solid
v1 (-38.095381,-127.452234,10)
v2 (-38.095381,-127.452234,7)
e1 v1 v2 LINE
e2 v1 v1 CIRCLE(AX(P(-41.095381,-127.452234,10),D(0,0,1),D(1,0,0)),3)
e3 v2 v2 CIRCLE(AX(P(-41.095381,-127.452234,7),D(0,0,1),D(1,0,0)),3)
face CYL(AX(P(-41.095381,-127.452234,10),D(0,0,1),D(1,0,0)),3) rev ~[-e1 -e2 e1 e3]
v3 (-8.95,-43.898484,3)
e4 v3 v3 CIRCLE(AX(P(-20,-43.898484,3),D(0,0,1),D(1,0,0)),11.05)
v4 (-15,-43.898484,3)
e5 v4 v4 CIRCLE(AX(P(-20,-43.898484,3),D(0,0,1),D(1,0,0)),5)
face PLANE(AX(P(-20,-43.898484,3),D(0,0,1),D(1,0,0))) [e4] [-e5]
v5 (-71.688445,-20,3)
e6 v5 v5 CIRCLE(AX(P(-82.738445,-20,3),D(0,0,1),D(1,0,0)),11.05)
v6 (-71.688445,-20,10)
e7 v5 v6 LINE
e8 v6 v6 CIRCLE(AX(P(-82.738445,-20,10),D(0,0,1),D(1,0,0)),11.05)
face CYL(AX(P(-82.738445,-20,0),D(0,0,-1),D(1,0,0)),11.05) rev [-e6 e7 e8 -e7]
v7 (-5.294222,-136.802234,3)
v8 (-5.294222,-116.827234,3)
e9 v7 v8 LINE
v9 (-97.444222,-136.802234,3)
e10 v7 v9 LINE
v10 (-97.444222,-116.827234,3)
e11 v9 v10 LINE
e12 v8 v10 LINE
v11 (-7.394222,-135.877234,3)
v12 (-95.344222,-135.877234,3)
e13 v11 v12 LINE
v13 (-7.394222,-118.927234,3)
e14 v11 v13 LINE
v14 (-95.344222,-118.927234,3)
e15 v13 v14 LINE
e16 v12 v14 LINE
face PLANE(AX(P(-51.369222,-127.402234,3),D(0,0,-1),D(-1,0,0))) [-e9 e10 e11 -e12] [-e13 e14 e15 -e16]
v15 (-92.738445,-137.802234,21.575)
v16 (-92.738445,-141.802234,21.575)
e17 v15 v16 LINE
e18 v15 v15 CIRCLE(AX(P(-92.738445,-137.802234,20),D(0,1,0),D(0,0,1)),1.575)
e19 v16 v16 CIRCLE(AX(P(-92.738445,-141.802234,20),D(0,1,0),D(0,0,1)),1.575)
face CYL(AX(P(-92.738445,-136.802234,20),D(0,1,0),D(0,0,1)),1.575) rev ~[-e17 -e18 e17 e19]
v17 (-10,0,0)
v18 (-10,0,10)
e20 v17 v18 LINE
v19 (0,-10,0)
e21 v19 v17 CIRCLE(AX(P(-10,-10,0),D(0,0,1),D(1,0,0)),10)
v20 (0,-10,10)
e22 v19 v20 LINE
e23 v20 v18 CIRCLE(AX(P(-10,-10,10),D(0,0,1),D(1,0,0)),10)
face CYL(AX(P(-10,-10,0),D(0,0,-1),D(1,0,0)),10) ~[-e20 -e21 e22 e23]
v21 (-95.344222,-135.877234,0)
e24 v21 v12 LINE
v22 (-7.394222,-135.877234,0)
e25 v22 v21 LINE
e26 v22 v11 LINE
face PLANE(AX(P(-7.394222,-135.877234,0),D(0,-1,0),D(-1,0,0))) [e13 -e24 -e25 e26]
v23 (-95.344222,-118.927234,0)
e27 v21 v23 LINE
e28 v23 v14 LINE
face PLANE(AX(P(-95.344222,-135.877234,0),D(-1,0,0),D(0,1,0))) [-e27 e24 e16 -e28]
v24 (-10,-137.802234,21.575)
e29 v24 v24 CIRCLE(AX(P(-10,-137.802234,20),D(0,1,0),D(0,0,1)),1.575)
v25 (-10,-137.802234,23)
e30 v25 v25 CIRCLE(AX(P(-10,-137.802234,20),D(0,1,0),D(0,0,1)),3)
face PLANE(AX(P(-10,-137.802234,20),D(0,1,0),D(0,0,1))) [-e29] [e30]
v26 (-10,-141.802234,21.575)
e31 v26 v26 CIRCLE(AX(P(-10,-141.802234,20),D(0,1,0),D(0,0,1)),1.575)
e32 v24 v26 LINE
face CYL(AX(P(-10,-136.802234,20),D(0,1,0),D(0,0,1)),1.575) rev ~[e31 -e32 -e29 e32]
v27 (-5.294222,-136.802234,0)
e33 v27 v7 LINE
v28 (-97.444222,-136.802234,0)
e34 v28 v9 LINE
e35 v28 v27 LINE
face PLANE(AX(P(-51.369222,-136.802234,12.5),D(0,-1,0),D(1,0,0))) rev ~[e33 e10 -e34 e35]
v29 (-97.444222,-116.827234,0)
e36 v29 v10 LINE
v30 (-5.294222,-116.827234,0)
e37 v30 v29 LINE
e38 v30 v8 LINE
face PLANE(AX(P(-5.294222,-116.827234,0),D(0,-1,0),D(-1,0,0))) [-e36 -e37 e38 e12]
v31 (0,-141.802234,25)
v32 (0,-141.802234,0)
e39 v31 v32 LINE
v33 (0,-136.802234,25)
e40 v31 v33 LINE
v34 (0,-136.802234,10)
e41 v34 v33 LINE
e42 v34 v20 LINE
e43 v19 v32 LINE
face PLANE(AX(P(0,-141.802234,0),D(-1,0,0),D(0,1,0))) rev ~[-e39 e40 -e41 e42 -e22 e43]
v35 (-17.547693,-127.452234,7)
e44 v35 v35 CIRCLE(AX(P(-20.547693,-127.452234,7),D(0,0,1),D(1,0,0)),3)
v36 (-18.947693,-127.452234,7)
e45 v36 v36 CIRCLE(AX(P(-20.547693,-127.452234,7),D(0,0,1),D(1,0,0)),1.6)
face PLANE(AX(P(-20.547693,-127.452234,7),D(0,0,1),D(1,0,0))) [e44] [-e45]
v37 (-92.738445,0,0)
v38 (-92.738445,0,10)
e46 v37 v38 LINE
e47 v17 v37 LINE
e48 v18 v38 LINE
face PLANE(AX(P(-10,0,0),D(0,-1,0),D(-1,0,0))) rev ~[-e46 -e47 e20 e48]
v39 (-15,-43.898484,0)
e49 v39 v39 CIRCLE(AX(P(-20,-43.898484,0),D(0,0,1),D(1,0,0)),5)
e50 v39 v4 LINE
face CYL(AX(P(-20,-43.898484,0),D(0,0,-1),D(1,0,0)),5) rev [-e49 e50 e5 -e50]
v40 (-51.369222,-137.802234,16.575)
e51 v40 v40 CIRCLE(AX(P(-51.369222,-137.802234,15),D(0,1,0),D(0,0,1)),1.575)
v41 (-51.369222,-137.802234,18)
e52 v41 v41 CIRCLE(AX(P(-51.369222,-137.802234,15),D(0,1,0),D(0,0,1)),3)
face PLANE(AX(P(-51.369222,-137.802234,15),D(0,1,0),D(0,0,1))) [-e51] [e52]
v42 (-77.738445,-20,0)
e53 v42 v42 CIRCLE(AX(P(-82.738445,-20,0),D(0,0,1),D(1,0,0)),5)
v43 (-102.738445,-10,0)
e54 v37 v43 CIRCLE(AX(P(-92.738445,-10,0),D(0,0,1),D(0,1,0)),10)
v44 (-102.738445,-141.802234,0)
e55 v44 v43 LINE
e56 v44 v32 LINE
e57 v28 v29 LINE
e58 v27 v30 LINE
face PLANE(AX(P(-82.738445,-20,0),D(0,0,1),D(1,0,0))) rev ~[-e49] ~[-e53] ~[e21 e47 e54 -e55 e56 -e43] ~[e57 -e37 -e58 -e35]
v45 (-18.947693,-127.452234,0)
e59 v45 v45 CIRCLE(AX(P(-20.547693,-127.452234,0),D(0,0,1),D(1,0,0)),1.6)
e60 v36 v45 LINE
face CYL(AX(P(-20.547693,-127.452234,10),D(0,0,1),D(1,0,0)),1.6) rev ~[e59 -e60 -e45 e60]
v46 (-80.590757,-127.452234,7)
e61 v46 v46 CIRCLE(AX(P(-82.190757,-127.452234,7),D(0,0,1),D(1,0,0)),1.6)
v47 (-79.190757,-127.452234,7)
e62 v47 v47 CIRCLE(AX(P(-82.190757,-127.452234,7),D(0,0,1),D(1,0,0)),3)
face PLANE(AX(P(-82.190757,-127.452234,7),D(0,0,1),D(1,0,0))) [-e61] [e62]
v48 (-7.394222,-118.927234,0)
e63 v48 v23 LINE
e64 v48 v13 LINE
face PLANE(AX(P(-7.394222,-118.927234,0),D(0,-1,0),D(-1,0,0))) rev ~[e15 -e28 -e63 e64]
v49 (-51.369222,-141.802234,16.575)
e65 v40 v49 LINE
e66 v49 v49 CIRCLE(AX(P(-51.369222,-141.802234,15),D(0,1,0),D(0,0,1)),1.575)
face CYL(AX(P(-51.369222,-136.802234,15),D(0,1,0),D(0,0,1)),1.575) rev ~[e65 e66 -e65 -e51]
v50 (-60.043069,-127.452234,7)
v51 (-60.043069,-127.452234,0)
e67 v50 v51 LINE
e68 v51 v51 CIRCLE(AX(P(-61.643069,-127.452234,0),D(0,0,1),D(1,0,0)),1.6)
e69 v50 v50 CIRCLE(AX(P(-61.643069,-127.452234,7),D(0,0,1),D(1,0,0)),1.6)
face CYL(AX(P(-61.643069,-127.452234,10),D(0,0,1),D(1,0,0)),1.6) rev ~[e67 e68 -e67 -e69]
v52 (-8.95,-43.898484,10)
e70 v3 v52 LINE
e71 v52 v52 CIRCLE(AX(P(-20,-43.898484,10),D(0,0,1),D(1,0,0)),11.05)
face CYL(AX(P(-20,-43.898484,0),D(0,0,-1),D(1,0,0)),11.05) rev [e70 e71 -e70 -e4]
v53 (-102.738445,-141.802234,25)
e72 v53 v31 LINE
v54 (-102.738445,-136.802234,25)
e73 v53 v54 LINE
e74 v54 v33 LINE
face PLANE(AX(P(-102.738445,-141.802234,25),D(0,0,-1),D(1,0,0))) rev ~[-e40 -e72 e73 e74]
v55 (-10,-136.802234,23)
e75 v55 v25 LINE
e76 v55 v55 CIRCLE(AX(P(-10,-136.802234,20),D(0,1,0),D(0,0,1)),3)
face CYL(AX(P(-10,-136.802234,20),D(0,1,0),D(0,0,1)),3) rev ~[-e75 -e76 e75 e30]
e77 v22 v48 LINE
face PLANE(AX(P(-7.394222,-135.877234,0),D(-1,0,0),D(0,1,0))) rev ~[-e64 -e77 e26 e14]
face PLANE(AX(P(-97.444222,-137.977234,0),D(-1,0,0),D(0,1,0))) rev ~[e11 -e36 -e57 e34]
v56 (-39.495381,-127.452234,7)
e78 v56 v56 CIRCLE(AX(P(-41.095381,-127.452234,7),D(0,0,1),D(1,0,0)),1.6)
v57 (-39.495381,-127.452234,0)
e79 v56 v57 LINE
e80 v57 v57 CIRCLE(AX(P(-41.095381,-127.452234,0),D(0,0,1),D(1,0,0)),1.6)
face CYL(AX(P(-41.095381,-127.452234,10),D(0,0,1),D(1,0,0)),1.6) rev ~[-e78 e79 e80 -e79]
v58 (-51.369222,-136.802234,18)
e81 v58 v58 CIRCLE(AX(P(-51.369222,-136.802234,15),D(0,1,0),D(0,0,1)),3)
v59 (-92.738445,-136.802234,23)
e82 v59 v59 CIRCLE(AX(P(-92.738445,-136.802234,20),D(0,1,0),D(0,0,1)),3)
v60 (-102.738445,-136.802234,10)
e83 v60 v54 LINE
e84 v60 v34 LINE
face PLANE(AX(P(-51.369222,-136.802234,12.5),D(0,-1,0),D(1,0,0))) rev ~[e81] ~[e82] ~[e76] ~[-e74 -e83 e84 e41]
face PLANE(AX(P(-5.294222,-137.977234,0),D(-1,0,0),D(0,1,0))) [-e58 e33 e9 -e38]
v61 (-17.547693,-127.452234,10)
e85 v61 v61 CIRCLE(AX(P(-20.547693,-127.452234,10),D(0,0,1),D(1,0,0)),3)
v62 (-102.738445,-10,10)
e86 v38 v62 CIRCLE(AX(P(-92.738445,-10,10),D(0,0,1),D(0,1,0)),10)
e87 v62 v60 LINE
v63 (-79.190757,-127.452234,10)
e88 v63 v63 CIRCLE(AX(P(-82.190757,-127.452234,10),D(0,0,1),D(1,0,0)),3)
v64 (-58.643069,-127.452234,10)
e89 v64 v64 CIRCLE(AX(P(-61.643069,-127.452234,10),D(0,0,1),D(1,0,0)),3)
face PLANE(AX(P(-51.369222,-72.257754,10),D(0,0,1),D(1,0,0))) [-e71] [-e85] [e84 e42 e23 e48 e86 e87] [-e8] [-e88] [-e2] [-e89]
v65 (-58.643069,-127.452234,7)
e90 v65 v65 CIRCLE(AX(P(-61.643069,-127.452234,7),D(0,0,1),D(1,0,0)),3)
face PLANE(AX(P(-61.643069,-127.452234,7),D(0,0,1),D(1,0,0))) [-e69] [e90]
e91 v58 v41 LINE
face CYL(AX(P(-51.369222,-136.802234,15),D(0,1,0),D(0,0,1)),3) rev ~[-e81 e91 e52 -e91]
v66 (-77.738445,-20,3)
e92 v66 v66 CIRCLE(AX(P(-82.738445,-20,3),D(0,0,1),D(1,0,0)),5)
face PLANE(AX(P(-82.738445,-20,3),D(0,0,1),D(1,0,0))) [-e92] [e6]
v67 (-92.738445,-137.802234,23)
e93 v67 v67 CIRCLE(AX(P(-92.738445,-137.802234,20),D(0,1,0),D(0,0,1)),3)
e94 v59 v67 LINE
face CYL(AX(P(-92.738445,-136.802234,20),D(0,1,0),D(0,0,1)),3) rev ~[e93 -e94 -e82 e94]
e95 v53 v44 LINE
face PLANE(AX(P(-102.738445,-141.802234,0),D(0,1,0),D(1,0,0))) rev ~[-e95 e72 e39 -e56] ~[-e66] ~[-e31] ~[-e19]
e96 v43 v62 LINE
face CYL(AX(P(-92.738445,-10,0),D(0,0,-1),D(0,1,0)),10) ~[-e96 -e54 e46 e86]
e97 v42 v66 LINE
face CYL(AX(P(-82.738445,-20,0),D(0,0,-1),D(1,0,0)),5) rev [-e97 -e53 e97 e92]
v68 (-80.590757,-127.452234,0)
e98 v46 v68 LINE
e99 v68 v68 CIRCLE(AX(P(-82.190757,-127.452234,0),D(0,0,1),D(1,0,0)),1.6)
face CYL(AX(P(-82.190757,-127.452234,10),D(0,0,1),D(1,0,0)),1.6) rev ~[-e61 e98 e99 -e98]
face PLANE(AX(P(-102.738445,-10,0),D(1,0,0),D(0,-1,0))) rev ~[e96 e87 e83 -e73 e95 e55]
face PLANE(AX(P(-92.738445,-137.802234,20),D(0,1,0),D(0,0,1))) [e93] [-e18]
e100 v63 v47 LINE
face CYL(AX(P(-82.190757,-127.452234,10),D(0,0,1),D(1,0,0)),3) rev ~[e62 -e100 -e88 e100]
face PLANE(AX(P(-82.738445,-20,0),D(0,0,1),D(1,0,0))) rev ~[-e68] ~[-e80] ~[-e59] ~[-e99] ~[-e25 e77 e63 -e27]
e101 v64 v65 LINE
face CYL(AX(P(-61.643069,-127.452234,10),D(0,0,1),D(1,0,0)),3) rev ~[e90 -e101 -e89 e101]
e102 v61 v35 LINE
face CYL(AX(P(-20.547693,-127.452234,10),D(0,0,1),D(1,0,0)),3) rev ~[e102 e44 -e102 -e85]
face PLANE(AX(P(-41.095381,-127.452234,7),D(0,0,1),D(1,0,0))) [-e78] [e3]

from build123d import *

# Parameters (mm, degrees)
SKETCH2_R           = 11.05
BOSS_EXTRUDE2_DEPTH = 10
SKETCH2_4_R         = 11.05
SKETCH2_4_R_2       = 5
BOSS_EXTRUDE3_DEPTH = 3
SKETCH4_R           = 1.6
CUT_EXTRUDE3_DEPTH  = 10
SKETCH4_5_R         = 3
SKETCH4_5_R_2       = 1.6
CUT_EXTRUDE4_DEPTH  = 3
SKETCH5_W           = 92.15
SKETCH5_H           = 21.15
SKETCH5_W_2         = 87.95
SKETCH5_H_2         = 16.95
CUT_EXTRUDE5_DEPTH  = 3
SKETCH6_W           = 102.73844499
SKETCH6_H           = 25
BOSS_EXTRUDE4_DEPTH = 5
SKETCH7_R           = 1.575
CUT_EXTRUDE6_DEPTH  = 5
SKETCH7_3_R         = 3
SKETCH7_3_R_2       = 1.575
CUT_EXTRUDE7_DEPTH  = 1


with BuildPart() as part:
    # Sketch2 → Boss-Extrude2 (new body)
    with BuildSketch(Plane.XY):
        with BuildLine():
            ThreePointArc((0, -10), (-2.928932188, -2.928932188), (-10, 0))
            Line((-10, 0), (-92.73844499, 0))
            ThreePointArc((-92.73844499, 0), (-99.809512802, -2.928932188), (-102.73844499, -10))
            Line((-102.73844499, -10), (-102.73844499, -141.80223365))
            Line((-102.73844499, -141.80223365), (0, -141.80223365))
            Line((0, -141.80223365), (0, -10))
        make_face()
        with Locations((-82.73844499, -20)):
            Circle(SKETCH2_R, mode=Mode.SUBTRACT)
        with Locations((-20, -43.89848365)):
            Circle(SKETCH2_R, mode=Mode.SUBTRACT)
    extrude(amount=BOSS_EXTRUDE2_DEPTH)

    # Sketch2<4> → Boss-Extrude3 (add)
    # profile 1 of 2: a face of its own
    with BuildSketch(Plane.XY):
        with Locations((-82.73844499, -20)):
            Circle(SKETCH2_4_R)
        with Locations((-82.73844499, -20)):
            Circle(SKETCH2_4_R_2, mode=Mode.SUBTRACT)
    # profile 2 of 2: a face of its own
    with BuildSketch(Plane.XY):
        with Locations((-20, -43.89848365)):
            Circle(SKETCH2_4_R)
        with Locations((-20, -43.89848365)):
            Circle(SKETCH2_4_R_2, mode=Mode.SUBTRACT)
    extrude(amount=BOSS_EXTRUDE3_DEPTH)

    # Sketch4 → Cut-Extrude3 (cut)
    with BuildSketch(Plane.XY.offset(10)):
        with Locations((-82.19075699, -127.45223365)):
            Circle(SKETCH4_R)
        with Locations((-61.64306899, -127.45223365)):
            Circle(SKETCH4_R)
        with Locations((-41.09538099, -127.45223365)):
            Circle(SKETCH4_R)
        with Locations((-20.54769299, -127.45223365)):
            Circle(SKETCH4_R)
    extrude(amount=-CUT_EXTRUDE3_DEPTH, mode=Mode.SUBTRACT)

    # Sketch4<5> → Cut-Extrude4 (cut)
    # profile 1 of 4: a face of its own
    with BuildSketch(Plane.XY.offset(10)):
        with Locations((-82.19075699, -127.45223365)):
            Circle(SKETCH4_5_R)
        with Locations((-82.19075699, -127.45223365)):
            Circle(SKETCH4_5_R_2, mode=Mode.SUBTRACT)
    # profile 2 of 4: a face of its own
    with BuildSketch(Plane.XY.offset(10)):
        with Locations((-61.64306899, -127.45223365)):
            Circle(SKETCH4_5_R)
        with Locations((-61.64306899, -127.45223365)):
            Circle(SKETCH4_5_R_2, mode=Mode.SUBTRACT)
    # profile 3 of 4: a face of its own
    with BuildSketch(Plane.XY.offset(10)):
        with Locations((-41.09538099, -127.45223365)):
            Circle(SKETCH4_5_R)
        with Locations((-41.09538099, -127.45223365)):
            Circle(SKETCH4_5_R_2, mode=Mode.SUBTRACT)
    # profile 4 of 4: a face of its own
    with BuildSketch(Plane.XY.offset(10)):
        with Locations((-20.54769299, -127.45223365)):
            Circle(SKETCH4_5_R)
        with Locations((-20.54769299, -127.45223365)):
            Circle(SKETCH4_5_R_2, mode=Mode.SUBTRACT)
    extrude(amount=-CUT_EXTRUDE4_DEPTH, mode=Mode.SUBTRACT)

    # Sketch5 → Cut-Extrude5 (cut)
    with BuildSketch(Plane(origin=(0, 0, 0), x_dir=(-1, 0, 0), z_dir=(0, 0, -1))):
        with Locations((51.369222495, -127.40223365)):
            Rectangle(SKETCH5_W, SKETCH5_H)
        with Locations((51.369222495, -127.40223365)):
            Rectangle(SKETCH5_W_2, SKETCH5_H_2, mode=Mode.SUBTRACT)
    extrude(amount=-CUT_EXTRUDE5_DEPTH, mode=Mode.SUBTRACT)

    # Sketch6 → Boss-Extrude4 (add)
    with BuildSketch(Plane.XZ.offset(141.80223365)):
        with Locations((-51.369222495, 12.5)):
            Rectangle(SKETCH6_W, SKETCH6_H)
    extrude(amount=-BOSS_EXTRUDE4_DEPTH)

    # Sketch7 → Cut-Extrude6 (cut)
    with BuildSketch(Plane(origin=(0, -136.80223365, 0), x_dir=(1, 0, 0), z_dir=(0, 1, 0))):
        with Locations((-92.73844499, -20)):
            Circle(SKETCH7_R)
        with Locations((-51.369222495, -15)):
            Circle(SKETCH7_R)
        with Locations((-10, -20)):
            Circle(SKETCH7_R)
    extrude(amount=-CUT_EXTRUDE6_DEPTH, mode=Mode.SUBTRACT)

    # Sketch7<3> → Cut-Extrude7 (cut)
    # profile 1 of 3: a face of its own
    with BuildSketch(Plane(origin=(0, -136.80223365, 0), x_dir=(1, 0, 0), z_dir=(0, 1, 0))):
        with Locations((-92.73844499, -20)):
            Circle(SKETCH7_3_R)
        with Locations((-92.73844499, -20)):
            Circle(SKETCH7_3_R_2, mode=Mode.SUBTRACT)
    # profile 2 of 3: a face of its own
    with BuildSketch(Plane(origin=(0, -136.80223365, 0), x_dir=(1, 0, 0), z_dir=(0, 1, 0))):
        with Locations((-51.369222495, -15)):
            Circle(SKETCH7_3_R)
        with Locations((-51.369222495, -15)):
            Circle(SKETCH7_3_R_2, mode=Mode.SUBTRACT)
    # profile 3 of 3: a face of its own
    with BuildSketch(Plane(origin=(0, -136.80223365, 0), x_dir=(1, 0, 0), z_dir=(0, 1, 0))):
        with Locations((-10, -20)):
            Circle(SKETCH7_3_R)
        with Locations((-10, -20)):
            Circle(SKETCH7_3_R_2, mode=Mode.SUBTRACT)
    extrude(amount=-CUT_EXTRUDE7_DEPTH, mode=Mode.SUBTRACT)


solid = part.part
